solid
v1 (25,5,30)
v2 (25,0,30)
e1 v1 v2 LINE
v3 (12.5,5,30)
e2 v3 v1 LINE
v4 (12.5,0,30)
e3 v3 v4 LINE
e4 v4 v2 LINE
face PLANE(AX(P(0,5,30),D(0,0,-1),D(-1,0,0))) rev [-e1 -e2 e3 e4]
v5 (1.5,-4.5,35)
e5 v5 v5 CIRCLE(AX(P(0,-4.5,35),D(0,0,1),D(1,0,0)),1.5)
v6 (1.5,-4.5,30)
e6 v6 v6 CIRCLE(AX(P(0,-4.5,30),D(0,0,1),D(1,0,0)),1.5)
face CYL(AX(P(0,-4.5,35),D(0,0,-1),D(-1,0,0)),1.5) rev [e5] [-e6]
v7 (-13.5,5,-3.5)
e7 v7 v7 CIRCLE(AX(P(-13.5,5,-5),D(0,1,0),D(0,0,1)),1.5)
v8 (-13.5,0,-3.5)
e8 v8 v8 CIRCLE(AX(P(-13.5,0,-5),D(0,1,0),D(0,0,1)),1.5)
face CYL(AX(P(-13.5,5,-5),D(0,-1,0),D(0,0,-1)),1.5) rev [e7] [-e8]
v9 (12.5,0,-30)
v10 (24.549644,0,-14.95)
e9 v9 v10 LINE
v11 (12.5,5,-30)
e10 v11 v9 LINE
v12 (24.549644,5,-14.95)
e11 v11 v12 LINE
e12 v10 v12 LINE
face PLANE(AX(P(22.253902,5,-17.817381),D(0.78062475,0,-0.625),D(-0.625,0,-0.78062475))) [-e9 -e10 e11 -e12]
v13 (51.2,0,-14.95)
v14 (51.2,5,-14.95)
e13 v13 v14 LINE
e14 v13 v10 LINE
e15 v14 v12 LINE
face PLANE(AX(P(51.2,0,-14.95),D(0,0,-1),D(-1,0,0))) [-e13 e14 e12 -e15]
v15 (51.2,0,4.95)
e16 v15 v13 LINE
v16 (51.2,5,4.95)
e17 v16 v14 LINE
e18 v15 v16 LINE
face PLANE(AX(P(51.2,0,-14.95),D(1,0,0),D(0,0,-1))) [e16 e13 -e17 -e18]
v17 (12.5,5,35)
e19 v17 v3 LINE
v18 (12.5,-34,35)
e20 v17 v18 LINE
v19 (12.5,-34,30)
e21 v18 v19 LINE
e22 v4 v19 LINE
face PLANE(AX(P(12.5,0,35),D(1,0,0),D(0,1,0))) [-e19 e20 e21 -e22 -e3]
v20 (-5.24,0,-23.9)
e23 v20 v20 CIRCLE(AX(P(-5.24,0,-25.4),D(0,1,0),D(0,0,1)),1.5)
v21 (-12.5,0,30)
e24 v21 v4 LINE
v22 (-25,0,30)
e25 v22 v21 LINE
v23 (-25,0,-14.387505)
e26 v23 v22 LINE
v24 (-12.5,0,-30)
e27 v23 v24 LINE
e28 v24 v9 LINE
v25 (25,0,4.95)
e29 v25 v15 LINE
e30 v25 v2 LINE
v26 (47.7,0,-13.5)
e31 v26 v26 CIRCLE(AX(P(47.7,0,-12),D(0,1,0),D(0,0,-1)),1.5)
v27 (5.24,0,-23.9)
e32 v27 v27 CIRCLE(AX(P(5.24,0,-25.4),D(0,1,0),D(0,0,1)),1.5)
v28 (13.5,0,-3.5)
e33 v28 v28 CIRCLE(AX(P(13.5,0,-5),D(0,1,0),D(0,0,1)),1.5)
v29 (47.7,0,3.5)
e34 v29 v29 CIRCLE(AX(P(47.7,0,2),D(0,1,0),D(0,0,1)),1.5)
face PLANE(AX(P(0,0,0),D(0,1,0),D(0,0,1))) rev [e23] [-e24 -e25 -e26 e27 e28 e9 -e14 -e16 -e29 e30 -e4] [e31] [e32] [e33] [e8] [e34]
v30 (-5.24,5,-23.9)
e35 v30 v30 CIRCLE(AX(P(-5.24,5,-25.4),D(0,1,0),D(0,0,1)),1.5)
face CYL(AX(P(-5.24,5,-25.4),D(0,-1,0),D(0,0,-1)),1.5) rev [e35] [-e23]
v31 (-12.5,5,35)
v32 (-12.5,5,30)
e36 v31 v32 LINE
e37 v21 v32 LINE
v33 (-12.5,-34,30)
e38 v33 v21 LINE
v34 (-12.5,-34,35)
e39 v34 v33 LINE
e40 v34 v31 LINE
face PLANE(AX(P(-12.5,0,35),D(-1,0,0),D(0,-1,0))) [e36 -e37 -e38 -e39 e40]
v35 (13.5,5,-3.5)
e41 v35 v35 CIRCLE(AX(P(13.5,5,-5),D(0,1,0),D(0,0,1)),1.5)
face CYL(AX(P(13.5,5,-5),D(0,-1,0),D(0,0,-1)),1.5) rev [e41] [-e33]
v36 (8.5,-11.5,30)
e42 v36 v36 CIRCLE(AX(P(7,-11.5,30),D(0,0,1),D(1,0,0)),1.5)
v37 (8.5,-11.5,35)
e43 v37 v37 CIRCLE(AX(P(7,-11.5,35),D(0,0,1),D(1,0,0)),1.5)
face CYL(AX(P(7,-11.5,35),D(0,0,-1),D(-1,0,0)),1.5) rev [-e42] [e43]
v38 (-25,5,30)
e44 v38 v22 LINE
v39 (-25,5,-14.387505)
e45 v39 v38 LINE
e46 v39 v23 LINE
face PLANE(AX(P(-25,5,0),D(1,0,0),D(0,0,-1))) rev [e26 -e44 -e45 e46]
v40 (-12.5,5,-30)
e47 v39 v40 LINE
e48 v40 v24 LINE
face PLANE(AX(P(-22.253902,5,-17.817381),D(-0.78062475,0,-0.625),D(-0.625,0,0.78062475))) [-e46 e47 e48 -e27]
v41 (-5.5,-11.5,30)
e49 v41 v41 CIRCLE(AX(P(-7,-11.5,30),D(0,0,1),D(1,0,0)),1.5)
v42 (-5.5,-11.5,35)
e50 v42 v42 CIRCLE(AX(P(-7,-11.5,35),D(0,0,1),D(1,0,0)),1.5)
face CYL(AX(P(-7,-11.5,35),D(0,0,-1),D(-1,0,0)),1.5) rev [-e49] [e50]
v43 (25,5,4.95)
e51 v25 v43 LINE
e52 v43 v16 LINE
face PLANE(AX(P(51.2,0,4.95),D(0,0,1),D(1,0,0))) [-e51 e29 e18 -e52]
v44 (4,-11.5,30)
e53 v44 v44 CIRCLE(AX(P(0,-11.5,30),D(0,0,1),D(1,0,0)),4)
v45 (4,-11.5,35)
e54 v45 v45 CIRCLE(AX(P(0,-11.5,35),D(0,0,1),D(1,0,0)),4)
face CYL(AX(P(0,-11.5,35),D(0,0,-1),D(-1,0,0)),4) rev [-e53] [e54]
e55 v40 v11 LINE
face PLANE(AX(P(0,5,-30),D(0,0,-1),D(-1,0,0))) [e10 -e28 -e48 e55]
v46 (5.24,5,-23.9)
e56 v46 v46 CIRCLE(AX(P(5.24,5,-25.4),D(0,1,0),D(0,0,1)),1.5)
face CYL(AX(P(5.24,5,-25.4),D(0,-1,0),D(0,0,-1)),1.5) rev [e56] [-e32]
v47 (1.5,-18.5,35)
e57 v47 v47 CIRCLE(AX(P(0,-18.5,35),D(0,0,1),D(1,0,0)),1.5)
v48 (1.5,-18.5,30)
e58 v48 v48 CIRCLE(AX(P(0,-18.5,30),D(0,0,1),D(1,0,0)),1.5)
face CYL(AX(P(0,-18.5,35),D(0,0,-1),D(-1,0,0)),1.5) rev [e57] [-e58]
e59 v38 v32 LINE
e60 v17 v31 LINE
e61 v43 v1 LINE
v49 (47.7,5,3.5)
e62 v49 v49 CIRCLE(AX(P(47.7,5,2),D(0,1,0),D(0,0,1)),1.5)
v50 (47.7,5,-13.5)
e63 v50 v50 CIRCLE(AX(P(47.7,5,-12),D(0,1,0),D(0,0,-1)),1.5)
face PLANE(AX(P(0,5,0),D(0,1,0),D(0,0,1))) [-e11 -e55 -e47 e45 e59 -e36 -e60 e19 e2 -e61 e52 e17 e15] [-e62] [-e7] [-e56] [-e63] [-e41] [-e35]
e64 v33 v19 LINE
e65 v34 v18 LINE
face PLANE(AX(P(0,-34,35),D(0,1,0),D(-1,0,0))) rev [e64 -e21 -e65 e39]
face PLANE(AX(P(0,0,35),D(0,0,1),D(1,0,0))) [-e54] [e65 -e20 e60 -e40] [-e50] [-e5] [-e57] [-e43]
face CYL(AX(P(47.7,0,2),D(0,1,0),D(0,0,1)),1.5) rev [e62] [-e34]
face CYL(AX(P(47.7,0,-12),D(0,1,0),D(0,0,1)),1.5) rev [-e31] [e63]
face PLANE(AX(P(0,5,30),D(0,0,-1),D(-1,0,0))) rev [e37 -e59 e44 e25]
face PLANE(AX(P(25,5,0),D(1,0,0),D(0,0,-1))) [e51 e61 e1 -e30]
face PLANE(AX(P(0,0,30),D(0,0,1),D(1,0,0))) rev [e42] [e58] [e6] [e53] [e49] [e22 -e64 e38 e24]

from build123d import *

# Parameters (mm, degrees)
SKETCH_1_R      = 1.5
EXTRUDE_1_DEPTH = 5
SKETCH_2_W      = 25
SKETCH_2_H      = 34
SKETCH_2_R      = 1.5
SKETCH_2_R_2    = 4
SKETCH_2_H_2    = 5
EXTRUDE_2_DEPTH = 5
SKETCH_3_R      = 1.5
EXTRUDE_3_DEPTH = 5


with BuildPart() as part:
    # 스케치1 → 보스-돌출1 (new body)
    with BuildSketch(Plane(origin=(0, 0, 0), x_dir=(1, 0, 0), z_dir=(0, 1, 0))):
        Polygon((12.5, 30), (-12.5, 30), (-25, 14.387505004), (-25, -30), (25, -30), (25, 14.387505004), align=None)
        with Locations(Location((-13.5, 5, 0), (0, 0, 270))):
            Circle(SKETCH_1_R, mode=Mode.SUBTRACT)
        with Locations(Location((-5.24, 25.4, 0), (0, 0, 270))):
            Circle(SKETCH_1_R, mode=Mode.SUBTRACT)
        with Locations(Location((13.5, 5, 0), (0, 0, 270))):
            Circle(SKETCH_1_R, mode=Mode.SUBTRACT)
        with Locations(Location((5.24, 25.4, 0), (0, 0, 270))):
            Circle(SKETCH_1_R, mode=Mode.SUBTRACT)
    extrude(amount=EXTRUDE_1_DEPTH)

    # 스케치2 → 보스-돌출2 (add)
    # profile 1 of 2: a face of its own
    with BuildSketch(Plane.XY.offset(30)):
        with Locations((0, -17)):
            Rectangle(SKETCH_2_W, SKETCH_2_H)
        with Locations((0, -18.5)):
            Circle(SKETCH_2_R, mode=Mode.SUBTRACT)
        with Locations((-7, -11.5)):
            Circle(SKETCH_2_R, mode=Mode.SUBTRACT)
        with Locations((0, -11.5)):
            Circle(SKETCH_2_R_2, mode=Mode.SUBTRACT)
        with Locations((7, -11.5)):
            Circle(SKETCH_2_R, mode=Mode.SUBTRACT)
        with Locations((0, -4.5)):
            Circle(SKETCH_2_R, mode=Mode.SUBTRACT)
    # profile 2 of 2: a face of its own
    with BuildSketch(Plane.XY.offset(30)):
        with Locations((0, 2.5)):
            Rectangle(SKETCH_2_W, SKETCH_2_H_2)
    extrude(amount=EXTRUDE_2_DEPTH)

    # 스케치3 → 보스-돌출3 (add)
    with BuildSketch(Plane(origin=(0, 5, 0), x_dir=(1, 0, 0), z_dir=(0, 1, 0))):
        Polygon((51.2, 14.95), (51.2, -4.95), (25, -4.95), (25, 14.387505004), (24.549643574, 14.95), align=None)
        with Locations(Location((47.7, -2, 0), (0, 0, 270))):
            Circle(SKETCH_3_R, mode=Mode.SUBTRACT)
        with Locations(Location((47.7, 12, 0), (0, 0, 90))):
            Circle(SKETCH_3_R, mode=Mode.SUBTRACT)
    extrude(amount=-EXTRUDE_3_DEPTH)


solid = part.part
